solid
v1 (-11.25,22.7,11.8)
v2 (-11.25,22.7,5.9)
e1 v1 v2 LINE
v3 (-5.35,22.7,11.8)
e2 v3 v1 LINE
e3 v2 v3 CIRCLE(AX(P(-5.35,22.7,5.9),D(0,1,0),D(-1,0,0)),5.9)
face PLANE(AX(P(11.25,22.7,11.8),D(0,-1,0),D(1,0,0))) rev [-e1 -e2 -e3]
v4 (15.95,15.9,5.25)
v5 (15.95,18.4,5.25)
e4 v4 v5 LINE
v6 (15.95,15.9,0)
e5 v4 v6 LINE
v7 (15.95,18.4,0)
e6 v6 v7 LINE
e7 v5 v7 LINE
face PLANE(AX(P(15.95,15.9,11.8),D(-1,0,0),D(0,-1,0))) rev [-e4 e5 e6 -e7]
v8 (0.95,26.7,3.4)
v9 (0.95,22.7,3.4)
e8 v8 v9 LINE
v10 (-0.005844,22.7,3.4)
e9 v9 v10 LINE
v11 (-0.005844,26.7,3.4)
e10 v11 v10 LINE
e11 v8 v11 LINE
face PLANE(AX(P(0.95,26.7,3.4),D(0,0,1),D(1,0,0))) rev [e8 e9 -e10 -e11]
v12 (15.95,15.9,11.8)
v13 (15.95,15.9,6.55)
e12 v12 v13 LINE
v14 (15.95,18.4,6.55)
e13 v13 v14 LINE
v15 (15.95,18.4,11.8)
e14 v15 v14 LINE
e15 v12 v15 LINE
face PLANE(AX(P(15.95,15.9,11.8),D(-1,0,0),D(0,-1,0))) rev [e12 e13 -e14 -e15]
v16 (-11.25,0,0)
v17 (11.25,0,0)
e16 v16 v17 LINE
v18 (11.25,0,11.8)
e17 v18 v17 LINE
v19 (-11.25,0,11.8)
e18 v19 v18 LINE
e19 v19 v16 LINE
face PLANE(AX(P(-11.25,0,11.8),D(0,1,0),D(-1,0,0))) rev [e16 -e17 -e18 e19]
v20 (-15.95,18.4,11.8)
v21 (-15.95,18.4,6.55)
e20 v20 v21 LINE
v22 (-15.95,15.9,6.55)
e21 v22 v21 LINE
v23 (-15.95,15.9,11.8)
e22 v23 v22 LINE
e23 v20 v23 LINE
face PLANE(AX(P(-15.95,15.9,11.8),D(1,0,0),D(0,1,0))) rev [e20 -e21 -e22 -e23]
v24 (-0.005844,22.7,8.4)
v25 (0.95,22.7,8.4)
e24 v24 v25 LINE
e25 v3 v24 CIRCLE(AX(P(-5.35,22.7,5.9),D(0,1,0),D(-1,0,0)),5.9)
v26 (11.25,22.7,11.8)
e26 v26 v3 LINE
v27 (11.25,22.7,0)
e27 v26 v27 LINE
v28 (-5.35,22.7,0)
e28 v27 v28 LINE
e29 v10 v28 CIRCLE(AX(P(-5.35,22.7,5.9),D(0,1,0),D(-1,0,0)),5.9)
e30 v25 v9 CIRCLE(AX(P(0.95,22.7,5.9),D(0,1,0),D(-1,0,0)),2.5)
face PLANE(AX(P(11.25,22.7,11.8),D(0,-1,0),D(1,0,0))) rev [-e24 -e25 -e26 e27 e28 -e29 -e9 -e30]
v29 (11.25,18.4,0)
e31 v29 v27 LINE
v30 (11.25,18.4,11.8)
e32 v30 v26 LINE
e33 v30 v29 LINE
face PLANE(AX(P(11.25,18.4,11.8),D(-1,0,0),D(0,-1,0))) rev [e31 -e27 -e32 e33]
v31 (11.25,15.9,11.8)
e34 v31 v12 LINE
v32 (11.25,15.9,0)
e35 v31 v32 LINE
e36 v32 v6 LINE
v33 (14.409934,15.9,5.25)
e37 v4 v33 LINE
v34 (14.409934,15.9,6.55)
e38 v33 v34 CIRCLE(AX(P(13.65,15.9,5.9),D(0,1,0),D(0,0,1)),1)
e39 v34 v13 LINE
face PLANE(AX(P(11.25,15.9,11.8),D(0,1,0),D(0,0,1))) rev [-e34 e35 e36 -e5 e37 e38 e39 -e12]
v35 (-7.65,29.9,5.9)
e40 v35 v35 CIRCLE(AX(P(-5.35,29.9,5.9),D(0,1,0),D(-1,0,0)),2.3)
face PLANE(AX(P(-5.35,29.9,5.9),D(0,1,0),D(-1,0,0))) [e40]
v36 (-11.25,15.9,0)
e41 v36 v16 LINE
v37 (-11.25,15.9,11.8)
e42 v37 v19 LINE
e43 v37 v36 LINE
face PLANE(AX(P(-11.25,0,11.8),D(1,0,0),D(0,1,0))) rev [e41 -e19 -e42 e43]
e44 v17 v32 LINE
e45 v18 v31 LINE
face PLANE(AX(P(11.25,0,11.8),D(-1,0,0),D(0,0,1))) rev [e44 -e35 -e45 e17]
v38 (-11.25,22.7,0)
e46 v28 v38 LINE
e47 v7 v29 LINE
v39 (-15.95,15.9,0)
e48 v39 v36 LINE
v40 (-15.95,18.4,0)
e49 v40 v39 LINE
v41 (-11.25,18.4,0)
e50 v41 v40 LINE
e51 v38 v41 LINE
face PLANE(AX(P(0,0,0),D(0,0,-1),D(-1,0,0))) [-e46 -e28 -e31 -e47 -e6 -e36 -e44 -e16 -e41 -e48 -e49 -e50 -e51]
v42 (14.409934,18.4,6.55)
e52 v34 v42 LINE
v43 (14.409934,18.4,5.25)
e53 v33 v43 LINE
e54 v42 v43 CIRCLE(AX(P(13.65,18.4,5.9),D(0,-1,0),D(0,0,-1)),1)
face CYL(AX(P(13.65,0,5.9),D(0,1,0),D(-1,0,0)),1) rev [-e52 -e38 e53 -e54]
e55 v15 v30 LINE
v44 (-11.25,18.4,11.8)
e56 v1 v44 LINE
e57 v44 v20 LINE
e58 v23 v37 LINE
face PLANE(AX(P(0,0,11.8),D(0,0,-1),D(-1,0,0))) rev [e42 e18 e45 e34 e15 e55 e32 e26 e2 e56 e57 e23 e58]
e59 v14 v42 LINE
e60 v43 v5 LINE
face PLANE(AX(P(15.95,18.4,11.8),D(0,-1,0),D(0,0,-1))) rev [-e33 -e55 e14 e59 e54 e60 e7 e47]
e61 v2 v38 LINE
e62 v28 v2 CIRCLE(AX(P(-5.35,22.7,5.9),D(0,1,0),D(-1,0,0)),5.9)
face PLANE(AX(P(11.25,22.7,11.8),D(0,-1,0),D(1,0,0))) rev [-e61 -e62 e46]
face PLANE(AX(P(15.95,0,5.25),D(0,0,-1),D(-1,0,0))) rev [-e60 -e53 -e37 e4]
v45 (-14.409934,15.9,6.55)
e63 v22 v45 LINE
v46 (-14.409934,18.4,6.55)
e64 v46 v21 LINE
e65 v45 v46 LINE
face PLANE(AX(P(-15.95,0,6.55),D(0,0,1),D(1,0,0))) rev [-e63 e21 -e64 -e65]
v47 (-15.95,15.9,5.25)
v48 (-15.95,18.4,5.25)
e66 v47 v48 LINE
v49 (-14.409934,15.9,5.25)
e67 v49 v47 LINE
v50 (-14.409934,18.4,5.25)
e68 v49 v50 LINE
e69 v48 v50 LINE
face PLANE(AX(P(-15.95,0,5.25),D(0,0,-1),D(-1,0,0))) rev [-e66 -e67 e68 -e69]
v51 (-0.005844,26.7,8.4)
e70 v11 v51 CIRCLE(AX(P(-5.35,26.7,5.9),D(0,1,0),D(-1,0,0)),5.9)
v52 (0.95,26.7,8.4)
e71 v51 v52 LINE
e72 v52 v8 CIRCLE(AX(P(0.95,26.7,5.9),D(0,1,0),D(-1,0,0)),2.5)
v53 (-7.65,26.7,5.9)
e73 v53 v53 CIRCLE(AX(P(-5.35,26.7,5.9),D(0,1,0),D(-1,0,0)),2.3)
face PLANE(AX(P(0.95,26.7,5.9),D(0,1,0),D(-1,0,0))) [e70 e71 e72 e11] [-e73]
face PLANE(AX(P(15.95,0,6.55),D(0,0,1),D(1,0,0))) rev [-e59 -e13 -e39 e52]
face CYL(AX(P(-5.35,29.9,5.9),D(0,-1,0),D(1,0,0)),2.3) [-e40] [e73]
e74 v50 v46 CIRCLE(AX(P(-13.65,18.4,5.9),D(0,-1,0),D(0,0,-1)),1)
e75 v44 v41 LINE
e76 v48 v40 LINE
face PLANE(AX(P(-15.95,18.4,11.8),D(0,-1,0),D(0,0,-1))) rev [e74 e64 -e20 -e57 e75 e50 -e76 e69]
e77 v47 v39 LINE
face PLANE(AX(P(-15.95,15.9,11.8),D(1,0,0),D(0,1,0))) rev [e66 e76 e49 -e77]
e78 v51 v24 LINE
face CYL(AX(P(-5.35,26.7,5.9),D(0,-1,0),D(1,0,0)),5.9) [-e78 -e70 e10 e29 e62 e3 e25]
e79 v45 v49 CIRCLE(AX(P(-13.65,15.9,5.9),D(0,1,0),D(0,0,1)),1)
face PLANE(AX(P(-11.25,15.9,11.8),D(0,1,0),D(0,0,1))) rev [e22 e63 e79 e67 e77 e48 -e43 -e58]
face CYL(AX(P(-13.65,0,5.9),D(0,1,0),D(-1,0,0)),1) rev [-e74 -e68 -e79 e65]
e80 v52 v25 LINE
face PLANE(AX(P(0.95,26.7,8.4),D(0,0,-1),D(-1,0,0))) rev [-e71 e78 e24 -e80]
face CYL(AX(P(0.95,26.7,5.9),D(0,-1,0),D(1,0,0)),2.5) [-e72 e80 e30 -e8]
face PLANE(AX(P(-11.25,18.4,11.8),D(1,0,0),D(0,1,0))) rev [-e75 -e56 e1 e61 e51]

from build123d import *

# Parameters (mm, degrees)
BOSS_EXTRUDE1_DEPTH = 11.8
BOSS_EXTRUDE2_DEPTH = 4
CUT_EXTRUDE1_DEPTH  = 31.148507426
SKETCH4_R           = 2.3
BOSS_EXTRUDE4_DEPTH = 3.2


with BuildPart() as part:
    # Sketch1 → Boss-Extrude1 (new body)
    with BuildSketch(Plane.XY):
        Polygon((-11.25, 0), (11.25, 0), (11.25, 15.9), (15.95, 15.9), (15.95, 18.4), (11.25, 18.4), (11.25, 22.7), (-11.25, 22.7), (-11.25, 18.4), (-15.95, 18.4), (-15.95, 15.9), (-11.25, 15.9), align=None)
    extrude(amount=BOSS_EXTRUDE1_DEPTH)

    # Sketch2 → Boss-Extrude2 (add)
    with BuildSketch(Plane(origin=(0, 22.7, 0), x_dir=(1, 0, 0), z_dir=(0, 1, 0))):
        with BuildLine():
            Line((0.95, -8.4), (-0.005844314, -8.4))
            ThreePointArc((-0.005844314, -8.4), (-11.25, -5.9), (-0.005844314, -3.4))
            Line((-0.005844314, -3.4), (0.95, -3.4))
            ThreePointArc((0.95, -3.4), (3.45, -5.9), (0.95, -8.4))
        make_face()
    extrude(amount=BOSS_EXTRUDE2_DEPTH)

    # Sketch3 → Cut-Extrude1 (cut, through all)
    with BuildSketch(Plane(origin=(0, 22.7, 0), x_dir=(1, 0, 0), z_dir=(0, 1, 0))):
        with BuildLine():
            Line((-15.95, -5.25), (-14.409934208, -5.25))
            ThreePointArc((-14.409934208, -5.25), (-12.65, -5.9), (-14.409934208, -6.55))
            Line((-14.409934208, -6.55), (-15.95, -6.55))
            Line((-15.95, -6.55), (-15.95, -5.25))
        make_face()
        with BuildLine():
            Line((15.95, -6.55), (15.95, -5.25))
            Line((15.95, -5.25), (14.409934208, -5.25))
            ThreePointArc((14.409934208, -5.25), (12.65, -5.9), (14.409934208, -6.55))
            Line((14.409934208, -6.55), (15.95, -6.55))
        make_face()
    extrude(amount=-CUT_EXTRUDE1_DEPTH, mode=Mode.SUBTRACT)

    # Sketch4 → Boss-Extrude4 (add)
    with BuildSketch(Plane(origin=(0, 26.7, 0), x_dir=(1, 0, 0), z_dir=(0, 1, 0))):
        with Locations(Location((-5.35, -5.9, 0), (0, 0, 180))):
            Circle(SKETCH4_R)
    extrude(amount=BOSS_EXTRUDE4_DEPTH)


solid = part.part
